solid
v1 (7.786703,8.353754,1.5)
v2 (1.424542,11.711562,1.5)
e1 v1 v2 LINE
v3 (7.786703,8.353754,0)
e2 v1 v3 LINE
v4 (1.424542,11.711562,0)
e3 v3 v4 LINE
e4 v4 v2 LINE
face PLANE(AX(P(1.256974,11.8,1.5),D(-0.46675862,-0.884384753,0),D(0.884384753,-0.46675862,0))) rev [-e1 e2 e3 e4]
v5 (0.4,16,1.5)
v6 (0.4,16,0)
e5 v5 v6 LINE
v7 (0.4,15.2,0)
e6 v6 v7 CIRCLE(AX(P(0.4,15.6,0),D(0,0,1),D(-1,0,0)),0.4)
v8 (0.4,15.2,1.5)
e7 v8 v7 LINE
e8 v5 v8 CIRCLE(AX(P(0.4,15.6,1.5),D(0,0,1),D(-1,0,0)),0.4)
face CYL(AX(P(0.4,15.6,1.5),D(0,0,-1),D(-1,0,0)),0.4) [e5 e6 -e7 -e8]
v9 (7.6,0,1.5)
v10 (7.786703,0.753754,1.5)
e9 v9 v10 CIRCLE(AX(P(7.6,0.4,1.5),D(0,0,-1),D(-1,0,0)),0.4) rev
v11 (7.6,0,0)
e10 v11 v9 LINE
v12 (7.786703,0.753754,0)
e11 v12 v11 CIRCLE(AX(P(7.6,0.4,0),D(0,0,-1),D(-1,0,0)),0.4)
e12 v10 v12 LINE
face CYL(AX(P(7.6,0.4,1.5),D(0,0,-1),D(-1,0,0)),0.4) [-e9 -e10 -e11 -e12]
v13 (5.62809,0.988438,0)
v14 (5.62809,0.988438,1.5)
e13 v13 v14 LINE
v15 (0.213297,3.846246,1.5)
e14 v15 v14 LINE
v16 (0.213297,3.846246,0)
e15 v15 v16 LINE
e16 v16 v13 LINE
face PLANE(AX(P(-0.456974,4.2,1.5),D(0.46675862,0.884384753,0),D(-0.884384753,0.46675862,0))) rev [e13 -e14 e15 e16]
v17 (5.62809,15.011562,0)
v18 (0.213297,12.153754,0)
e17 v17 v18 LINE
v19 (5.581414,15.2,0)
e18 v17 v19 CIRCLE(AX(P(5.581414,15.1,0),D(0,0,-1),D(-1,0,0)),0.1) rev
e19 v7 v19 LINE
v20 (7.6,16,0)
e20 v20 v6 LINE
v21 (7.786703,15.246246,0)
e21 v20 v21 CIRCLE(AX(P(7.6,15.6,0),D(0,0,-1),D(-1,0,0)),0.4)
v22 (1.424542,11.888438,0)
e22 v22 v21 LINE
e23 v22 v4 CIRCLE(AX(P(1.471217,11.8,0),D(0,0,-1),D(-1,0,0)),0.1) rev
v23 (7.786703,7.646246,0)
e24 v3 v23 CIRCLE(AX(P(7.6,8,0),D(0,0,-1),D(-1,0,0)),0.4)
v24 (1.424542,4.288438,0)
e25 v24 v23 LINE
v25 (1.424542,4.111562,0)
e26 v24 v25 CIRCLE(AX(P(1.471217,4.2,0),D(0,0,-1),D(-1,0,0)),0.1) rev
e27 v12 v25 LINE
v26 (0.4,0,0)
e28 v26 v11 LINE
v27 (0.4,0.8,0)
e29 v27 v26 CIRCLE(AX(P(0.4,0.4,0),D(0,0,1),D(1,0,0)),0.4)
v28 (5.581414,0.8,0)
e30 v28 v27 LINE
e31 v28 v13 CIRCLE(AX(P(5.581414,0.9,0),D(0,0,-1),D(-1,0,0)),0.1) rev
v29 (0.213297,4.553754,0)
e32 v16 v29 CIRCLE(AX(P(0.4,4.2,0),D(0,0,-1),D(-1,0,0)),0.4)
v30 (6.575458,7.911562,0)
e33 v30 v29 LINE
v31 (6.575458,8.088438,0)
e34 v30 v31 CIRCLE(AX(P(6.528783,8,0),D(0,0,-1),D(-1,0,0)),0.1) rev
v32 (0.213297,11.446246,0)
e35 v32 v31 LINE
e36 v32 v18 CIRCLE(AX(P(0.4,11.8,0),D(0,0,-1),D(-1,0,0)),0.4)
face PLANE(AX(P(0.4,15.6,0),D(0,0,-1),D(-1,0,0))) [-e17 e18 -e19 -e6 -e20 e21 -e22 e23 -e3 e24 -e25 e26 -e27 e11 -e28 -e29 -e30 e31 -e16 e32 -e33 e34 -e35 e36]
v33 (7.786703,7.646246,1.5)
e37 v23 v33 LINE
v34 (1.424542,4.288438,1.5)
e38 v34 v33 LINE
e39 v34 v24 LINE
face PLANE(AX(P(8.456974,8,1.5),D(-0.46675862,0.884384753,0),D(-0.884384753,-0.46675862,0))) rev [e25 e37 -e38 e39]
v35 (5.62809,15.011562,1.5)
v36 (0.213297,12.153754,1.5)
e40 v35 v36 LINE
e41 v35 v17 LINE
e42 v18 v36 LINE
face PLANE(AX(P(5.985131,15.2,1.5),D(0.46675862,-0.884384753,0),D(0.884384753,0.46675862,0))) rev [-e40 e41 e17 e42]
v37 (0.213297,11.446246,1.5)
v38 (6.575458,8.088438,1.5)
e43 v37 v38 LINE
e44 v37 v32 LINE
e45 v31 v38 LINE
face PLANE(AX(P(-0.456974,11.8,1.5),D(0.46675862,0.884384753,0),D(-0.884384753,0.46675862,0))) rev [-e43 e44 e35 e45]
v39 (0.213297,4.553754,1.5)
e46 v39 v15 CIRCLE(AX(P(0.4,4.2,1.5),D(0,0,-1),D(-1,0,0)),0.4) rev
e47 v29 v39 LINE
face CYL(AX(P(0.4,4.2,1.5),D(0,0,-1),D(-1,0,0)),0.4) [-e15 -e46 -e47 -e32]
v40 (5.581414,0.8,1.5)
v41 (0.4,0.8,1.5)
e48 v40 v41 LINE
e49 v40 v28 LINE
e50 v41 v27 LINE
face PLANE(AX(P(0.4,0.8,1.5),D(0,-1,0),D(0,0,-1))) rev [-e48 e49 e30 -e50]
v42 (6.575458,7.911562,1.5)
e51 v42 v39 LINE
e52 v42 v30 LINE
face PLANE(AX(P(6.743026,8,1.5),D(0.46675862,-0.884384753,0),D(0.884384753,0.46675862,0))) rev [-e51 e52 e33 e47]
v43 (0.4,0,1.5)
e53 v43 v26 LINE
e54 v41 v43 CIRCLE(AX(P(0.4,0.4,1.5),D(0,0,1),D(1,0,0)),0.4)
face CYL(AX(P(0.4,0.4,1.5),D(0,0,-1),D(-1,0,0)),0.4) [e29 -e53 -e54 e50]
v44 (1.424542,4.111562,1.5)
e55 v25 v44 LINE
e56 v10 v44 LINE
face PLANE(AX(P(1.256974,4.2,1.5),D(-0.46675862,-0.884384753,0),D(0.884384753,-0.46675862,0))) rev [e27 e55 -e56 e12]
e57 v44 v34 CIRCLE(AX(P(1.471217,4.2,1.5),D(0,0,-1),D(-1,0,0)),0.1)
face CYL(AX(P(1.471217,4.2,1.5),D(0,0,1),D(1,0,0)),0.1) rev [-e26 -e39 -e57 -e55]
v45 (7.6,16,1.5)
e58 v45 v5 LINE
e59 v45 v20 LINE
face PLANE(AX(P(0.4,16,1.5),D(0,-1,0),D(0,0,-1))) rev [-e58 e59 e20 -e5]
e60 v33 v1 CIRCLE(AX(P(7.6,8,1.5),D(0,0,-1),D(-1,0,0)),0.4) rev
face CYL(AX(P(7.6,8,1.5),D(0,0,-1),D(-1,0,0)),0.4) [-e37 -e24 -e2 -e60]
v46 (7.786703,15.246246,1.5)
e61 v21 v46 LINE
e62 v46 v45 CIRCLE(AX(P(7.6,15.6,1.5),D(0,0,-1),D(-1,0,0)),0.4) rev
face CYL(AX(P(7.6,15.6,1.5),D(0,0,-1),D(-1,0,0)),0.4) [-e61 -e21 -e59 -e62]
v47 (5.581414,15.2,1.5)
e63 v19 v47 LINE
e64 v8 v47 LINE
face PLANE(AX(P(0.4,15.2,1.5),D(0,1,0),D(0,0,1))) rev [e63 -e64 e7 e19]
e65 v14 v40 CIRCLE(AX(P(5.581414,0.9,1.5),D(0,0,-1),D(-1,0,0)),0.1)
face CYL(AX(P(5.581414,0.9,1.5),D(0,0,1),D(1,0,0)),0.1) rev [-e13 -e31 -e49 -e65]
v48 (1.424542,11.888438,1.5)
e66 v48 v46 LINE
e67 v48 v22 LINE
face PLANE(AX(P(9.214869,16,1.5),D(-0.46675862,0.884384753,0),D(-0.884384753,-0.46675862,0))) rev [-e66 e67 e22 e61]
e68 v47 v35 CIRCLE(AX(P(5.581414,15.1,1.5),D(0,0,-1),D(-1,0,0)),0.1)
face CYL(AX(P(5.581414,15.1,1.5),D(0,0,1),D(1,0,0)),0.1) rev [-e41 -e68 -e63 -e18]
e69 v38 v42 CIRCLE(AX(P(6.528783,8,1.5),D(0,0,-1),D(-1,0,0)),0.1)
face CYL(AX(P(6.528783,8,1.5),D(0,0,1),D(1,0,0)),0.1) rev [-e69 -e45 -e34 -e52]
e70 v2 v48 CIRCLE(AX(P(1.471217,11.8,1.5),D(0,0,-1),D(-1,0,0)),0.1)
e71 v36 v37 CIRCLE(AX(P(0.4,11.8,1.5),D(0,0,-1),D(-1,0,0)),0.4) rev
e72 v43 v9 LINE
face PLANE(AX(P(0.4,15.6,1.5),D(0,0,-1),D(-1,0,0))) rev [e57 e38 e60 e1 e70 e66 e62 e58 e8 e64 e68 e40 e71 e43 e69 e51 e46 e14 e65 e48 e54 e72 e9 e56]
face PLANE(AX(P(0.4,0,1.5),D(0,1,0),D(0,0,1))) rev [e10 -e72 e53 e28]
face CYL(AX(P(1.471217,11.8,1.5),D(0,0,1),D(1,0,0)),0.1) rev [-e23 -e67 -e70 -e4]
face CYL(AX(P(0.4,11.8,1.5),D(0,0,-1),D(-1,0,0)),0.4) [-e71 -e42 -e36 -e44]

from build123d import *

# Parameters (mm, degrees)
BOSS_EXTRUDE1_DEPTH = 1.5
FILLET1_R           = 0.4
FILLET2_R           = 0.1


with BuildPart() as part:
    # Sketch2 → Boss-Extrude1 (new body)
    with BuildSketch(Plane.XY):
        with BuildLine():
            Line((0.4, 15.2), (5.985131266, 15.2))
            Line((5.985131266, 15.2), (-0.456973997, 11.8))
            Line((-0.456973997, 11.8), (6.743026003, 8))
            Line((6.743026003, 8), (-0.456973997, 4.2))
            Line((-0.456973997, 4.2), (5.985131266, 0.8))
            Line((5.985131266, 0.8), (0.4, 0.8))
            ThreePointArc((0.4, 0.8), (0, 0.4), (0.4, 0))
            Line((0.4, 0), (9.214868734, 0))
            Line((9.214868734, 0), (1.256973997, 4.2))
            Line((1.256973997, 4.2), (8.456973997, 8))
            Line((8.456973997, 8), (1.256973997, 11.8))
            Line((1.256973997, 11.8), (9.214868734, 16))
            Line((9.214868734, 16), (0.4, 16))
            ThreePointArc((0.4, 16), (0, 15.6), (0.4, 15.2))
        make_face()
    extrude(amount=BOSS_EXTRUDE1_DEPTH)

    # Fillet1
    fillet1_edges = [part.edges().sort_by_distance(p)[0] for p in [
        (9.214868734, 16, 0.75),
        (8.456973997, 8, 0.75),
        (9.214868734, 0, 0.75),
        (-0.456973997, 4.2, 0.75),
        (-0.456973997, 11.8, 0.75),
    ]]
    fillet(fillet1_edges, radius=FILLET1_R)

    # Fillet2
    fillet2_edges = [part.edges().sort_by_distance(p)[0] for p in [
        (1.256973997, 11.8, 0.75),
        (1.256973997, 4.2, 0.75),
        (5.985131266, 0.8, 0.75),
        (6.743026003, 8, 0.75),
        (5.985131266, 15.2, 0.75),
    ]]
    fillet(fillet2_edges, radius=FILLET2_R)


solid = part.part
